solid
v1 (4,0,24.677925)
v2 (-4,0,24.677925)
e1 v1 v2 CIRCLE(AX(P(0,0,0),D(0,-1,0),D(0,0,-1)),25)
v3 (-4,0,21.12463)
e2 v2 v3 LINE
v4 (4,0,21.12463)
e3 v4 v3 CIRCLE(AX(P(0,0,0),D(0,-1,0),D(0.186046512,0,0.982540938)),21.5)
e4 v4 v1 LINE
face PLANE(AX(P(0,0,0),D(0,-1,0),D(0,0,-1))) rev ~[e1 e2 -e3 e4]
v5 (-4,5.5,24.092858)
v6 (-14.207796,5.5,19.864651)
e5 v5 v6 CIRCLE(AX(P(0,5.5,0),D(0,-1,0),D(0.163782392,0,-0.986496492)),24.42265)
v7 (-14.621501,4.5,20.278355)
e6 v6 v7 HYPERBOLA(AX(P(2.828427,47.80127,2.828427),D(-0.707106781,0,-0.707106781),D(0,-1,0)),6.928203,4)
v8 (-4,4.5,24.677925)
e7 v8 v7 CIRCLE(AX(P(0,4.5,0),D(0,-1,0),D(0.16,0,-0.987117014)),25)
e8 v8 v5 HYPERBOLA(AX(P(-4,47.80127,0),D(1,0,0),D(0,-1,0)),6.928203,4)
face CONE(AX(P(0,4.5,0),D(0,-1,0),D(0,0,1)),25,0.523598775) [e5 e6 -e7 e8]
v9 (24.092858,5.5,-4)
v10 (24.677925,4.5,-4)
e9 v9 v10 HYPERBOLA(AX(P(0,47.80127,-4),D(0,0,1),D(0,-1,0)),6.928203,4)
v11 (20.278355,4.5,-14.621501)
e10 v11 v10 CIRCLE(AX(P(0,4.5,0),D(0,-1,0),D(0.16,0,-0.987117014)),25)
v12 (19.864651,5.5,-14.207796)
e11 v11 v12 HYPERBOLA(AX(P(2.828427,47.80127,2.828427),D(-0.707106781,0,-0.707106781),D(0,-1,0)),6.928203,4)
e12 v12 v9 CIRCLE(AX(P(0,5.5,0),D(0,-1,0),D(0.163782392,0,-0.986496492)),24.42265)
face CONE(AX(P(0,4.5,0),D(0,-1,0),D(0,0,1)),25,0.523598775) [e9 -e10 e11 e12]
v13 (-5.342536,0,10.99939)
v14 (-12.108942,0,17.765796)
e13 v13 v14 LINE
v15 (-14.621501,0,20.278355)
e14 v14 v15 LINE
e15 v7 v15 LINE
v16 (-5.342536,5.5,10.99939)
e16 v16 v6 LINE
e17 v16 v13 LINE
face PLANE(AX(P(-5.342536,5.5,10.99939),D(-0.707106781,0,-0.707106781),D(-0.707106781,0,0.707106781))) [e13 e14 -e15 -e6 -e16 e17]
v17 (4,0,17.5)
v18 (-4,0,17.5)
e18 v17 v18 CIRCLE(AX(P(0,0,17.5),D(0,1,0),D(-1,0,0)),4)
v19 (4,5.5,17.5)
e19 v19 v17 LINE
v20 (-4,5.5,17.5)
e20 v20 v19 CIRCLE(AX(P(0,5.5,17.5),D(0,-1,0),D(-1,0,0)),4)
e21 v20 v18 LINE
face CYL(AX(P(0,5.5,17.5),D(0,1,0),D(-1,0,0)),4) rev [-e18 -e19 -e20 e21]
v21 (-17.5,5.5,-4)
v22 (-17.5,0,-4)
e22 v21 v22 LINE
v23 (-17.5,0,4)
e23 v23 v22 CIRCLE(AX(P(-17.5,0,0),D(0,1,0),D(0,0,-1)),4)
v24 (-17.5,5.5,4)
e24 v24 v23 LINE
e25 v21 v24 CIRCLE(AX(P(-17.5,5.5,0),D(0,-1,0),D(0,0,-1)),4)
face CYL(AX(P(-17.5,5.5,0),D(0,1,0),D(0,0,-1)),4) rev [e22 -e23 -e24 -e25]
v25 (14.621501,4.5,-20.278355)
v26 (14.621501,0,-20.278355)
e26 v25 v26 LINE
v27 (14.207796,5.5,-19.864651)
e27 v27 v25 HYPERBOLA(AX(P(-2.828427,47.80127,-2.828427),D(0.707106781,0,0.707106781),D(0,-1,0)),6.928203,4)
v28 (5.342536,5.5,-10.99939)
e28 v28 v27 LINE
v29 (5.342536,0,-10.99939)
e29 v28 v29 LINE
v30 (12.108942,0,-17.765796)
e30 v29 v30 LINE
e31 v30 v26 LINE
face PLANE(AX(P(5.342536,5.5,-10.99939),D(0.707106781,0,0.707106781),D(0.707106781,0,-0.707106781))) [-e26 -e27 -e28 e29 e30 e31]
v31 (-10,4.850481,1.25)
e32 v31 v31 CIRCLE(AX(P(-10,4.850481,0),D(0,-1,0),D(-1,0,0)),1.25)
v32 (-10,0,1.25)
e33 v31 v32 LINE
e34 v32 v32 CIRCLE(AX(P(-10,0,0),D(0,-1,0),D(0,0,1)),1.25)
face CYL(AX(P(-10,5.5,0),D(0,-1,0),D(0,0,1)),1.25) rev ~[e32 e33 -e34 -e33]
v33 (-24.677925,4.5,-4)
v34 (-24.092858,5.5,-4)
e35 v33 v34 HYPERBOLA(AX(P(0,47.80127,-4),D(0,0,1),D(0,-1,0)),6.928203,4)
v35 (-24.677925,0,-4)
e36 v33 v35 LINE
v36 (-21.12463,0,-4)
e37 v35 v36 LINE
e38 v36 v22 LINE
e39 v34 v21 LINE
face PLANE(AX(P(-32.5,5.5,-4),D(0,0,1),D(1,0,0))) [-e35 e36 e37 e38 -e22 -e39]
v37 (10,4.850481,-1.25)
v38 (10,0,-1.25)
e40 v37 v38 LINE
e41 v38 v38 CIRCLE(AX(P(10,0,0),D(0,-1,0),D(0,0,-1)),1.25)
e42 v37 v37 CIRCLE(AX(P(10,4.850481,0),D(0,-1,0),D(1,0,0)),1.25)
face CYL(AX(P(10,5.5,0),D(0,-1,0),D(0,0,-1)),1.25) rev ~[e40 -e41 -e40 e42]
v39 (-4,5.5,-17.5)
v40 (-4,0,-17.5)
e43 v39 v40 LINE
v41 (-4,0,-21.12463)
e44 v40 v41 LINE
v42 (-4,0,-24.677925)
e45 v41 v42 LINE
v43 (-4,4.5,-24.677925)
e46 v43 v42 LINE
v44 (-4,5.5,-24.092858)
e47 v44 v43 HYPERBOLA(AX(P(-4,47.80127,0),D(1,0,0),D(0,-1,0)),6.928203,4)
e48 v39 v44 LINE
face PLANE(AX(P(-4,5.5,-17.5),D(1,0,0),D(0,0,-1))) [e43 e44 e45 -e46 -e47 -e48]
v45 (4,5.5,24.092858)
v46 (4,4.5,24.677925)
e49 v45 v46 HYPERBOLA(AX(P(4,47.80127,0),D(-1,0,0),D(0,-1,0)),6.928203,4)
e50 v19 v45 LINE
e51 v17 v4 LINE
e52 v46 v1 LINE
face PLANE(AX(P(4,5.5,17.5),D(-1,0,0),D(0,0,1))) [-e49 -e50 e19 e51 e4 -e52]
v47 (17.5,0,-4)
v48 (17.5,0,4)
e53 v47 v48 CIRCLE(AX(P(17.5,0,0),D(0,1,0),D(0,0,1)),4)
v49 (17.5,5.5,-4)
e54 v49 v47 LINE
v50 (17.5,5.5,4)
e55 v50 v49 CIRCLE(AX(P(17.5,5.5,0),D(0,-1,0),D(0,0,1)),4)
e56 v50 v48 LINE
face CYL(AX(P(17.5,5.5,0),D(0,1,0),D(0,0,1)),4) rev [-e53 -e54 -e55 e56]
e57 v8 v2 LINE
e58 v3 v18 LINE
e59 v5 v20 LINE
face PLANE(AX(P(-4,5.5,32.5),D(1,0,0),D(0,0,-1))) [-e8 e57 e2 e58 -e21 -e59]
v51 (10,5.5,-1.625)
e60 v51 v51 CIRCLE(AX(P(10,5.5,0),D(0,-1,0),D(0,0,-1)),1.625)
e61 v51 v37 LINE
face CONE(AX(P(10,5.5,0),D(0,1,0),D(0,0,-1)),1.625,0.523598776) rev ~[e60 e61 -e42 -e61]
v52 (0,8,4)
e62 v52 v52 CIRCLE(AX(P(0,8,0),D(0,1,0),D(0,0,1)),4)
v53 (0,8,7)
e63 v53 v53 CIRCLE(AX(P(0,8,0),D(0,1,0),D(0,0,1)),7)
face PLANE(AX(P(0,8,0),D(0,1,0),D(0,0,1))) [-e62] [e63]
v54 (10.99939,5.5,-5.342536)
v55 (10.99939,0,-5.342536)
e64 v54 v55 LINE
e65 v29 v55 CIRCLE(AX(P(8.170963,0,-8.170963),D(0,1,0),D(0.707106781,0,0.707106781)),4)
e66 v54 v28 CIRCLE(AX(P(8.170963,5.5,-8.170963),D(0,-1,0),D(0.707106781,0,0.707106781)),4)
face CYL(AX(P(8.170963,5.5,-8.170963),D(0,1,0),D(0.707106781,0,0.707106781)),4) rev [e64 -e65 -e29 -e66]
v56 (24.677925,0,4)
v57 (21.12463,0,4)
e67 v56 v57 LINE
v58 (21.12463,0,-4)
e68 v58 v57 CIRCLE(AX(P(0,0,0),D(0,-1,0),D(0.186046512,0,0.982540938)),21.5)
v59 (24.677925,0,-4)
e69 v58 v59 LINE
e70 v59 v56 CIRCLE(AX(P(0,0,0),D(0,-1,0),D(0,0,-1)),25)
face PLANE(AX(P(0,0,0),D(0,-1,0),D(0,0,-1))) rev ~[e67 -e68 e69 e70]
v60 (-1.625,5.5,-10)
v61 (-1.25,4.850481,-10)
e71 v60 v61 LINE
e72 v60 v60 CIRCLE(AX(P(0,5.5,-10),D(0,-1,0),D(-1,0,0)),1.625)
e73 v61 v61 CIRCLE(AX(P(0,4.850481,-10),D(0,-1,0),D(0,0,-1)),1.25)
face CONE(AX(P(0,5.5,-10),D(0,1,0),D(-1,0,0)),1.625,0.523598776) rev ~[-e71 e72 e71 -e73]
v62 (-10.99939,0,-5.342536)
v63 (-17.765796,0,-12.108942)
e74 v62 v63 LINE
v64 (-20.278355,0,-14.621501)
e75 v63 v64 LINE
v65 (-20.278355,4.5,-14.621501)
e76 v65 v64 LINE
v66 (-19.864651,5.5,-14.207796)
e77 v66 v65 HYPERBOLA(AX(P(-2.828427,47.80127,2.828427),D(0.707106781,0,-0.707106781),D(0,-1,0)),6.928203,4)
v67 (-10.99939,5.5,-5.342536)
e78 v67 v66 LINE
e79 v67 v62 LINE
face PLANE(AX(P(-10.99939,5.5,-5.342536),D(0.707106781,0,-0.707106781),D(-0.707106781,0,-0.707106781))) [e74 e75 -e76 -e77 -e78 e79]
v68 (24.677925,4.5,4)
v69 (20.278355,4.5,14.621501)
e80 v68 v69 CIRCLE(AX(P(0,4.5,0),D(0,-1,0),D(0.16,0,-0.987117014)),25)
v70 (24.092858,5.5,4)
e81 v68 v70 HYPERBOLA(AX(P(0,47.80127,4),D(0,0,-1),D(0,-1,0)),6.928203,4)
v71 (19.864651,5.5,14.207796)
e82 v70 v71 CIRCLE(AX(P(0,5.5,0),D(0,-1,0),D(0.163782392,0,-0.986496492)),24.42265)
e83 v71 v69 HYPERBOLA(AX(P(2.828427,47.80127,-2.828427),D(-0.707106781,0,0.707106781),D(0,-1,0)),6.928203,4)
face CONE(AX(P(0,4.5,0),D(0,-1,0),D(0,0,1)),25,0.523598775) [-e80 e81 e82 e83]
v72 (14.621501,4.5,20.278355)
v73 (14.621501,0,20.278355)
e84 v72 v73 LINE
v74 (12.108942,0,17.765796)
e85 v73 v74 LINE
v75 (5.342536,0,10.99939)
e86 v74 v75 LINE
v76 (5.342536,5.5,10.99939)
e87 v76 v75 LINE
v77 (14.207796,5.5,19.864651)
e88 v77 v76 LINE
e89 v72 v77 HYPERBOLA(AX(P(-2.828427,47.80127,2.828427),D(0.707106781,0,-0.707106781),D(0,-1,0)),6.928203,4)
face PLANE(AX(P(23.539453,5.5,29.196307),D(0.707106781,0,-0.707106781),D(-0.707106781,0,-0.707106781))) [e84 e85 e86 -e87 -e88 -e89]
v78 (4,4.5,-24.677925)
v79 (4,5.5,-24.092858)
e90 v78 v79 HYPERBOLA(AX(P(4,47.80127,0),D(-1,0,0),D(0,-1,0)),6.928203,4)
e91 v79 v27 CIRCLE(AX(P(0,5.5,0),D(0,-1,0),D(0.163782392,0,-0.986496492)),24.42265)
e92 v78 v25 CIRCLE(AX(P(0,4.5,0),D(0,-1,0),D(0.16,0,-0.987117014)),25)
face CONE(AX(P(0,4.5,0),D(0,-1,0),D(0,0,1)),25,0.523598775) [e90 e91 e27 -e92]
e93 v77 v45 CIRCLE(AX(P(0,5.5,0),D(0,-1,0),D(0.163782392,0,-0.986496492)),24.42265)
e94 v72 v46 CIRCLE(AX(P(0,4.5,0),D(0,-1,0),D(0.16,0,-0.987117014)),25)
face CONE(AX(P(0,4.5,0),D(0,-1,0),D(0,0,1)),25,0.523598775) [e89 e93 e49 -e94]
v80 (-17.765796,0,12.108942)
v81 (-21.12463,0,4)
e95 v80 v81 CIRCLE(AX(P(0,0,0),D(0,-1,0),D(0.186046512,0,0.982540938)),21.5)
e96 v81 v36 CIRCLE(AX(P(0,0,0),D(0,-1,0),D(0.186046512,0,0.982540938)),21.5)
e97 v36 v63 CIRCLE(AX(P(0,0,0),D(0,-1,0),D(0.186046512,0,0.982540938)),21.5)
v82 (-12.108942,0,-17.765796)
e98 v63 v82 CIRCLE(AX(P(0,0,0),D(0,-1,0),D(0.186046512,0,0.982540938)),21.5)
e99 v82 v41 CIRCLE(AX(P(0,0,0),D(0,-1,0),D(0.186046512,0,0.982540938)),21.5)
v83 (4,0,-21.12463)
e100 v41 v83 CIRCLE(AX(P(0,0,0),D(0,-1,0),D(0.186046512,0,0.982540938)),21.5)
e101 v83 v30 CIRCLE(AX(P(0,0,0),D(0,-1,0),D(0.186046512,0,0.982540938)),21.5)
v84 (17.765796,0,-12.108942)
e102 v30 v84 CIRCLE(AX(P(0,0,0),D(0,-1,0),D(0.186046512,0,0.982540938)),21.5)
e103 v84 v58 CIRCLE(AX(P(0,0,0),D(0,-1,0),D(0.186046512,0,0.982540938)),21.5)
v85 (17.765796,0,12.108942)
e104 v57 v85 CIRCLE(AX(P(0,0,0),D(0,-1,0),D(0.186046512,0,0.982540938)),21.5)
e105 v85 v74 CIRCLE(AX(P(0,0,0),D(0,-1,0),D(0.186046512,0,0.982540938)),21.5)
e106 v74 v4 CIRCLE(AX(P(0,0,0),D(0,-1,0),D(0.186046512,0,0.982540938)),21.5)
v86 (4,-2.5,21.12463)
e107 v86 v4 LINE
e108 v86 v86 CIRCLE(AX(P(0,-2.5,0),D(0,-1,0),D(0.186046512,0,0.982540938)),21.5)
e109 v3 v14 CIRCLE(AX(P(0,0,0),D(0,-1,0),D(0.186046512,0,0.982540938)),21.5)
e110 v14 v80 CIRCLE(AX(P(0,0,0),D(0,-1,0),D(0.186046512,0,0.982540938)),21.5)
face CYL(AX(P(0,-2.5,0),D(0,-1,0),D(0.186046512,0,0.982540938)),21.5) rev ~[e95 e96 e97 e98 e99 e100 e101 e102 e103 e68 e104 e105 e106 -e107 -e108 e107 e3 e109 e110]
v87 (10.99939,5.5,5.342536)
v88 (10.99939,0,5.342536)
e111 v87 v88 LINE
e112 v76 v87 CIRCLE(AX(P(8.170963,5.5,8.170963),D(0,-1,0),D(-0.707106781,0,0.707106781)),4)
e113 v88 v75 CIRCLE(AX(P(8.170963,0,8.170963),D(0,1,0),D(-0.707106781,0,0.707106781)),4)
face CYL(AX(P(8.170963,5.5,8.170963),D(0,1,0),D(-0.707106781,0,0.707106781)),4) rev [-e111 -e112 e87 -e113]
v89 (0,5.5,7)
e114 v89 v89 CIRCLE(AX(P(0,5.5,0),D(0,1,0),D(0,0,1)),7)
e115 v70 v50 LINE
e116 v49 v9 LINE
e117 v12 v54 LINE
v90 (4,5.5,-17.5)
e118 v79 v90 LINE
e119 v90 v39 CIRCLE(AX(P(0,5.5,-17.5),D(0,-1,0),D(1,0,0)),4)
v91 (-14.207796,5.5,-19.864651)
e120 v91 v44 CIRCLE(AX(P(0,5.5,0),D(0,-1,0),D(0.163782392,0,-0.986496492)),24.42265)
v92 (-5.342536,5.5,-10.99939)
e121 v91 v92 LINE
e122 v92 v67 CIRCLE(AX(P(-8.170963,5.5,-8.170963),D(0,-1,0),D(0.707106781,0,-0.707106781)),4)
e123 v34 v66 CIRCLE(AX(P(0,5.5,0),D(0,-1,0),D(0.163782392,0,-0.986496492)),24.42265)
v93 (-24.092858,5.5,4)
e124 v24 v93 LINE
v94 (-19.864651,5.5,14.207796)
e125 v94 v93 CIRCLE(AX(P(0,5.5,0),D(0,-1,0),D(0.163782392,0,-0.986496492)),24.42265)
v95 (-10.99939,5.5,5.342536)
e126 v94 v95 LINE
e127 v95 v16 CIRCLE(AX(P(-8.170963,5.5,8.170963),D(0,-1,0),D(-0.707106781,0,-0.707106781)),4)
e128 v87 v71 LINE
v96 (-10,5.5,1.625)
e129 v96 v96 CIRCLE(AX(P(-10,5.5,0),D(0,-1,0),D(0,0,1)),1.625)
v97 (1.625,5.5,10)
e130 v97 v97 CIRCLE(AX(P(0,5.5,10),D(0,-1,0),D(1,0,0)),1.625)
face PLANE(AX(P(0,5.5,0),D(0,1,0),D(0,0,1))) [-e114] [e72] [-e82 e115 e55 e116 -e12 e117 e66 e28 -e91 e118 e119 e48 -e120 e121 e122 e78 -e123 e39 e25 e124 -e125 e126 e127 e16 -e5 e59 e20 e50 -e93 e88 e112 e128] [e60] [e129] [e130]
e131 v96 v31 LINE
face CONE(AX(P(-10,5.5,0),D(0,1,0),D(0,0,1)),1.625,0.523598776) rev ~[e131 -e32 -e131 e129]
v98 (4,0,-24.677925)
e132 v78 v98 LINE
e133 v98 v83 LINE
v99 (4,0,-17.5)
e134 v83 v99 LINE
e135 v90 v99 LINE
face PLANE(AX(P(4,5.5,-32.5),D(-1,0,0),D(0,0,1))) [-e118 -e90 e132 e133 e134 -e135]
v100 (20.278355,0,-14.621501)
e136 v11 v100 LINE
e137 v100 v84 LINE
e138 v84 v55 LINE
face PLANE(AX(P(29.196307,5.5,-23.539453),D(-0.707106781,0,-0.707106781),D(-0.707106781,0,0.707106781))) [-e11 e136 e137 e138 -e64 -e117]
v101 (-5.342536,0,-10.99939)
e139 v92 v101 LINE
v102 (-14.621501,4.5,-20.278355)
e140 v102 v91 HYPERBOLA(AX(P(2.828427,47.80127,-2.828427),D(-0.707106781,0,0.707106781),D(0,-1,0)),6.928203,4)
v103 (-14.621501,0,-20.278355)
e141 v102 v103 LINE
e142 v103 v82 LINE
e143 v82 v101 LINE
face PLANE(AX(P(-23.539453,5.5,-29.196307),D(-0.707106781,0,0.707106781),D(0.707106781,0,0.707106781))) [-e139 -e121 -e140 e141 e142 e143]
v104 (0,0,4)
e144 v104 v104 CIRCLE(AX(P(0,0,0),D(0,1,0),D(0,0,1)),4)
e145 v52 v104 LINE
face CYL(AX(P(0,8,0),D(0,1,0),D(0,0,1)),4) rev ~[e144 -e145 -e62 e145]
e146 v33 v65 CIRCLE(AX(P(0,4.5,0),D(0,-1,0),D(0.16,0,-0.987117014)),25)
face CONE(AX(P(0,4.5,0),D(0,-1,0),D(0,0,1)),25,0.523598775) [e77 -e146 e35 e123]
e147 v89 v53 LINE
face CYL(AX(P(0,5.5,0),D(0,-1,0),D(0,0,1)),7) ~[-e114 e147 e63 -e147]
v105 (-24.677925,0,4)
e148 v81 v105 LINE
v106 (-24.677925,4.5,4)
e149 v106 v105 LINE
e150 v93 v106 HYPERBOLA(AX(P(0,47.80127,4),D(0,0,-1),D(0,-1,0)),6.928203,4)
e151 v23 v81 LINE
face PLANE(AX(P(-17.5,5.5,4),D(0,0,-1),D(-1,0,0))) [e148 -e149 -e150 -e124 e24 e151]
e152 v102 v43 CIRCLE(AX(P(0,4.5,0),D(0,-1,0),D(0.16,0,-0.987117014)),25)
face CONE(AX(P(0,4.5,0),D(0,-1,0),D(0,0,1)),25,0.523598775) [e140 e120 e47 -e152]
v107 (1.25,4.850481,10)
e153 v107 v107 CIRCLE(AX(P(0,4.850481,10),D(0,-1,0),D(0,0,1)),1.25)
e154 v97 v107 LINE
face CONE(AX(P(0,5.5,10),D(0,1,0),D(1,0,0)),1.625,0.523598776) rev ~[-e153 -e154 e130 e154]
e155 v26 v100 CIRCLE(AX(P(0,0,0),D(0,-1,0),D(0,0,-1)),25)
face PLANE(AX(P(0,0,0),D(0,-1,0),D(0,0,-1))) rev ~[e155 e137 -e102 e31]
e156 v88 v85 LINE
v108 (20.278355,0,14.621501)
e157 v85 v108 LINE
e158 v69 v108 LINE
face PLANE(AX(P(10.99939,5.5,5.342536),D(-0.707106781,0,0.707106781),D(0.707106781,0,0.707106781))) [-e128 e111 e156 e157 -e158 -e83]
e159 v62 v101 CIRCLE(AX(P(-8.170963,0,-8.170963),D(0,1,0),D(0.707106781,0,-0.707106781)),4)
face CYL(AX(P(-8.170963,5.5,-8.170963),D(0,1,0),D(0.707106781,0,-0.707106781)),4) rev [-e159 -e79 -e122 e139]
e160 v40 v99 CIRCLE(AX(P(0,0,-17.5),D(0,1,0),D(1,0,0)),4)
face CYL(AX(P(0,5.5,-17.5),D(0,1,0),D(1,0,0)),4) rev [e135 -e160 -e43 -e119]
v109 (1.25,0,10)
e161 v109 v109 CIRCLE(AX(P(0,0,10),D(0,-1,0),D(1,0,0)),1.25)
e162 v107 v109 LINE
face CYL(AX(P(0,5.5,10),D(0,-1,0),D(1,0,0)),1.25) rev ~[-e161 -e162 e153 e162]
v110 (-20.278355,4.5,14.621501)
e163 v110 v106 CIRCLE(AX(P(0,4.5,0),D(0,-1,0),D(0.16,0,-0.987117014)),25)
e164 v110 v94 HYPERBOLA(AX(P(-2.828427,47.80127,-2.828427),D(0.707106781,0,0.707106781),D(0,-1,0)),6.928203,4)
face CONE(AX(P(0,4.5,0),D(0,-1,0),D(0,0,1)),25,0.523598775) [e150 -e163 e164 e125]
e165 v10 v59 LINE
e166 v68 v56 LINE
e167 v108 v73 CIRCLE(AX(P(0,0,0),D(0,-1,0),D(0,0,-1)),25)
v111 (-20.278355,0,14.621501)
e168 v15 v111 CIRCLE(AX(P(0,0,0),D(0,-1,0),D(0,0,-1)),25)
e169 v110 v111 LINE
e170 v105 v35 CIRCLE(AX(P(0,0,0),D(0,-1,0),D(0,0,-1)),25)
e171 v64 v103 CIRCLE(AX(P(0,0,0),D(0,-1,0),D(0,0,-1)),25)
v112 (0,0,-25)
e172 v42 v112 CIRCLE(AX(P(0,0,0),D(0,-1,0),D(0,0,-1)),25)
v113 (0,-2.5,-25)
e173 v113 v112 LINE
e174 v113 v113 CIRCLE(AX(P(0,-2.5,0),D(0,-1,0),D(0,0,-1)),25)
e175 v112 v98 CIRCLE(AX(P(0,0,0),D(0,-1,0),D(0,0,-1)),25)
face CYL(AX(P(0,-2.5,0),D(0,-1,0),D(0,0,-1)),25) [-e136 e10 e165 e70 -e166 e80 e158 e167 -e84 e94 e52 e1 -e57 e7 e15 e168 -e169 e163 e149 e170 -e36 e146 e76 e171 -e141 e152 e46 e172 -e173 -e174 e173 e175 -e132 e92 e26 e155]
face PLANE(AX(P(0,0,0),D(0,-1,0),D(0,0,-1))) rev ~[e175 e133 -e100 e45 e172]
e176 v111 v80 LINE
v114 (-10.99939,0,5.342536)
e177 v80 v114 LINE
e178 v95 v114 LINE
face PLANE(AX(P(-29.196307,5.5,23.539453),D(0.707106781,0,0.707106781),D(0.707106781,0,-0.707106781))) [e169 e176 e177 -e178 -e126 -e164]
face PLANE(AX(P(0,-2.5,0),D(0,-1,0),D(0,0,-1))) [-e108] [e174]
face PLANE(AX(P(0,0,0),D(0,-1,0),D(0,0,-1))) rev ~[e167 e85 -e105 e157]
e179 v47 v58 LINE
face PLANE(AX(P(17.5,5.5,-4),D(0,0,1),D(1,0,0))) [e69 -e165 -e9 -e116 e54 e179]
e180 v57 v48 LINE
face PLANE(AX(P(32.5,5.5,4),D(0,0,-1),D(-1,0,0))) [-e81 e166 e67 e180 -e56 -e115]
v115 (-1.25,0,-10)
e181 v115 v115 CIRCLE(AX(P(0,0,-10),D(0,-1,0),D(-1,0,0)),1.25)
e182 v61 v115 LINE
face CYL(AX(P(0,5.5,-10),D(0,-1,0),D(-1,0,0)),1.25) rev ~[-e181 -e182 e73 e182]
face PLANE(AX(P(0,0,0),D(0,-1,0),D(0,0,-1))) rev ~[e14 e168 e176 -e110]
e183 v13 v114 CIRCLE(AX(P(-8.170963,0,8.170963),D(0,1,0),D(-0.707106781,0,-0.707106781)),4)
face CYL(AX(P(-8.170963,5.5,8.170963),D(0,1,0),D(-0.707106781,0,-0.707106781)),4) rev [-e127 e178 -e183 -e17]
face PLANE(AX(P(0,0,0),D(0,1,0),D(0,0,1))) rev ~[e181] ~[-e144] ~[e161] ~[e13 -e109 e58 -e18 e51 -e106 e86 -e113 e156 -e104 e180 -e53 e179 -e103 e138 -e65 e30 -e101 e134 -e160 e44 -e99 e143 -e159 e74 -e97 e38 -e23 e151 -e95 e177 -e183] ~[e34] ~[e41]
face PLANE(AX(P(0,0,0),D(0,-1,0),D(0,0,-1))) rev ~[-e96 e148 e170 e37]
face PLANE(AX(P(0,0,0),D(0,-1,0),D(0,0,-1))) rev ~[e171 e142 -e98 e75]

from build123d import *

# Parameters (mm, degrees)
SKETCH2_R                       = 25
BOSS_EXTRUDE1_DEPTH             = 5.5
CHAMFER1_SIZE                   = 1
CHAMFER1_SIZE2                  = 0.577350269
SKETCH3_R                       = 7
BOSS_EXTRUDE2_DEPTH             = 2.5
M3X0_5_TAPPED_HOLE1_D           = 2.5
M3X0_5_TAPPED_HOLE1_CSINK_D     = 3.25
M3X0_5_TAPPED_HOLE1_CSINK_ANGLE = 60
SKETCH8_R                       = 4
CUT_EXTRUDE1_DEPTH              = 37.249137921
CUT_EXTRUDE2_DEPTH              = 36.780581326
CUT_EXTRUDE3_DEPTH              = 36.780581326
CIRPATTERN1_COUNT               = 4
BOSS_EXTRUDE3_START             = 2.5
SKETCH11_R                      = 25
SKETCH11_R_2                    = 21.5
BOSS_EXTRUDE3_DEPTH             = 2.5


with BuildPart() as part:
    # Sketch2 → Boss-Extrude1 (new body)
    with BuildSketch(Plane(origin=(0, 0, 0), x_dir=(1, 0, 0), z_dir=(0, 1, 0))):
        with Locations(Location((0, 0, 0), (0, 0, 270))):
            Circle(SKETCH2_R)
    extrude(amount=BOSS_EXTRUDE1_DEPTH)

    # Chamfer1
    chamfer1_edges = [part.edges().sort_by_distance(p)[0] for p in [
        (0, 5.5, -25),
    ]]
    chamfer1_side = [part.faces().sort_by_distance(p)[0] for p in [
        (0, 2.75, -25),
    ]]
    chamfer(chamfer1_edges, length=CHAMFER1_SIZE, length2=CHAMFER1_SIZE2, reference=chamfer1_side[0])

    # Sketch3 → Boss-Extrude2 (add)
    with BuildSketch(Plane(origin=(0, 5.5, 0), x_dir=(1, 0, 0), z_dir=(0, 1, 0))):
        with Locations(Location((0, 0, 0), (0, 0, 270))):
            Circle(SKETCH3_R)
    extrude(amount=BOSS_EXTRUDE2_DEPTH)

    # M3x0.5 Tapped Hole1 (through all)
    with Locations(Plane(origin=(0, 5.5, 0), x_dir=(1, 0, 0), z_dir=(0, 1, 0))):
        with Locations((0, 10)):
            m3x0_5_tapped_hole1 = CounterSinkHole(M3X0_5_TAPPED_HOLE1_D / 2, M3X0_5_TAPPED_HOLE1_CSINK_D / 2, counter_sink_angle=M3X0_5_TAPPED_HOLE1_CSINK_ANGLE)

    # Sketch8 → Cut-Extrude1 (cut, through all)
    with BuildSketch(Plane(origin=(0, 8, 0), x_dir=(1, 0, 0), z_dir=(0, 1, 0))):
        with Locations(Location((0, 0, 0), (0, 0, 270))):
            Circle(SKETCH8_R)
    extrude(amount=-CUT_EXTRUDE1_DEPTH, mode=Mode.SUBTRACT)

    # Sketch9 → Cut-Extrude2 (cut, through all)
    with BuildSketch(Plane(origin=(0, 5.5, 0), x_dir=(1, 0, 0), z_dir=(0, 1, 0))):
        with BuildLine():
            Line((4, 32.5), (4, 17.5))
            ThreePointArc((4, 17.5), (0, 13.5), (-4, 17.5))
            Line((-4, 17.5), (-4, 32.5))
            ThreePointArc((-4, 32.5), (0, 36.5), (4, 32.5))
        make_face()
    cut_extrude2 = extrude(amount=-CUT_EXTRUDE2_DEPTH, mode=Mode.SUBTRACT)

    # Sketch10 → Cut-Extrude3 (cut, through all)
    with BuildSketch(Plane(origin=(0, 5.5, 0), x_dir=(1, 0, 0), z_dir=(0, 1, 0))):
        with BuildLine():
            Line((-23.539452544, 29.196306793), (-5.342535685, 10.999389935))
            ThreePointArc((-5.342535685, 10.999389935), (-5.342535685, 5.342535685), (-10.999389935, 5.342535685))
            Line((-10.999389935, 5.342535685), (-29.196306793, 23.539452544))
            ThreePointArc((-29.196306793, 23.539452544), (-29.196306793, 29.196306793), (-23.539452544, 29.196306793))
        make_face()
    cut_extrude3 = extrude(amount=-CUT_EXTRUDE3_DEPTH, mode=Mode.SUBTRACT)

    # CirPattern1: M3x0.5 Tapped Hole1, Cut-Extrude2, Cut-Extrude3 ×4 about axis
    cirpattern1_axis = Axis((0, 0, 0), (0, 1, 0))
    add([m3x0_5_tapped_hole1.rotate(cirpattern1_axis, i * 360 / CIRPATTERN1_COUNT) for i in range(1, CIRPATTERN1_COUNT)], mode=Mode.SUBTRACT)
    add([cut_extrude2.rotate(cirpattern1_axis, i * 360 / CIRPATTERN1_COUNT) for i in range(1, CIRPATTERN1_COUNT)], mode=Mode.SUBTRACT)
    add([cut_extrude3.rotate(cirpattern1_axis, i * 360 / CIRPATTERN1_COUNT) for i in range(1, CIRPATTERN1_COUNT)], mode=Mode.SUBTRACT)

    # Sketch11 → Boss-Extrude3 (add)
    with BuildSketch(Plane.XZ.offset(BOSS_EXTRUDE3_START)):
        with Locations(Location((0, 0, 0), (0, 0, 270))):
            Circle(SKETCH11_R)
        with Locations(Location((0, 0, 0), (0, 0, 79.277847584))):
            Circle(SKETCH11_R_2, mode=Mode.SUBTRACT)
    extrude(amount=-BOSS_EXTRUDE3_DEPTH)


solid = part.part
